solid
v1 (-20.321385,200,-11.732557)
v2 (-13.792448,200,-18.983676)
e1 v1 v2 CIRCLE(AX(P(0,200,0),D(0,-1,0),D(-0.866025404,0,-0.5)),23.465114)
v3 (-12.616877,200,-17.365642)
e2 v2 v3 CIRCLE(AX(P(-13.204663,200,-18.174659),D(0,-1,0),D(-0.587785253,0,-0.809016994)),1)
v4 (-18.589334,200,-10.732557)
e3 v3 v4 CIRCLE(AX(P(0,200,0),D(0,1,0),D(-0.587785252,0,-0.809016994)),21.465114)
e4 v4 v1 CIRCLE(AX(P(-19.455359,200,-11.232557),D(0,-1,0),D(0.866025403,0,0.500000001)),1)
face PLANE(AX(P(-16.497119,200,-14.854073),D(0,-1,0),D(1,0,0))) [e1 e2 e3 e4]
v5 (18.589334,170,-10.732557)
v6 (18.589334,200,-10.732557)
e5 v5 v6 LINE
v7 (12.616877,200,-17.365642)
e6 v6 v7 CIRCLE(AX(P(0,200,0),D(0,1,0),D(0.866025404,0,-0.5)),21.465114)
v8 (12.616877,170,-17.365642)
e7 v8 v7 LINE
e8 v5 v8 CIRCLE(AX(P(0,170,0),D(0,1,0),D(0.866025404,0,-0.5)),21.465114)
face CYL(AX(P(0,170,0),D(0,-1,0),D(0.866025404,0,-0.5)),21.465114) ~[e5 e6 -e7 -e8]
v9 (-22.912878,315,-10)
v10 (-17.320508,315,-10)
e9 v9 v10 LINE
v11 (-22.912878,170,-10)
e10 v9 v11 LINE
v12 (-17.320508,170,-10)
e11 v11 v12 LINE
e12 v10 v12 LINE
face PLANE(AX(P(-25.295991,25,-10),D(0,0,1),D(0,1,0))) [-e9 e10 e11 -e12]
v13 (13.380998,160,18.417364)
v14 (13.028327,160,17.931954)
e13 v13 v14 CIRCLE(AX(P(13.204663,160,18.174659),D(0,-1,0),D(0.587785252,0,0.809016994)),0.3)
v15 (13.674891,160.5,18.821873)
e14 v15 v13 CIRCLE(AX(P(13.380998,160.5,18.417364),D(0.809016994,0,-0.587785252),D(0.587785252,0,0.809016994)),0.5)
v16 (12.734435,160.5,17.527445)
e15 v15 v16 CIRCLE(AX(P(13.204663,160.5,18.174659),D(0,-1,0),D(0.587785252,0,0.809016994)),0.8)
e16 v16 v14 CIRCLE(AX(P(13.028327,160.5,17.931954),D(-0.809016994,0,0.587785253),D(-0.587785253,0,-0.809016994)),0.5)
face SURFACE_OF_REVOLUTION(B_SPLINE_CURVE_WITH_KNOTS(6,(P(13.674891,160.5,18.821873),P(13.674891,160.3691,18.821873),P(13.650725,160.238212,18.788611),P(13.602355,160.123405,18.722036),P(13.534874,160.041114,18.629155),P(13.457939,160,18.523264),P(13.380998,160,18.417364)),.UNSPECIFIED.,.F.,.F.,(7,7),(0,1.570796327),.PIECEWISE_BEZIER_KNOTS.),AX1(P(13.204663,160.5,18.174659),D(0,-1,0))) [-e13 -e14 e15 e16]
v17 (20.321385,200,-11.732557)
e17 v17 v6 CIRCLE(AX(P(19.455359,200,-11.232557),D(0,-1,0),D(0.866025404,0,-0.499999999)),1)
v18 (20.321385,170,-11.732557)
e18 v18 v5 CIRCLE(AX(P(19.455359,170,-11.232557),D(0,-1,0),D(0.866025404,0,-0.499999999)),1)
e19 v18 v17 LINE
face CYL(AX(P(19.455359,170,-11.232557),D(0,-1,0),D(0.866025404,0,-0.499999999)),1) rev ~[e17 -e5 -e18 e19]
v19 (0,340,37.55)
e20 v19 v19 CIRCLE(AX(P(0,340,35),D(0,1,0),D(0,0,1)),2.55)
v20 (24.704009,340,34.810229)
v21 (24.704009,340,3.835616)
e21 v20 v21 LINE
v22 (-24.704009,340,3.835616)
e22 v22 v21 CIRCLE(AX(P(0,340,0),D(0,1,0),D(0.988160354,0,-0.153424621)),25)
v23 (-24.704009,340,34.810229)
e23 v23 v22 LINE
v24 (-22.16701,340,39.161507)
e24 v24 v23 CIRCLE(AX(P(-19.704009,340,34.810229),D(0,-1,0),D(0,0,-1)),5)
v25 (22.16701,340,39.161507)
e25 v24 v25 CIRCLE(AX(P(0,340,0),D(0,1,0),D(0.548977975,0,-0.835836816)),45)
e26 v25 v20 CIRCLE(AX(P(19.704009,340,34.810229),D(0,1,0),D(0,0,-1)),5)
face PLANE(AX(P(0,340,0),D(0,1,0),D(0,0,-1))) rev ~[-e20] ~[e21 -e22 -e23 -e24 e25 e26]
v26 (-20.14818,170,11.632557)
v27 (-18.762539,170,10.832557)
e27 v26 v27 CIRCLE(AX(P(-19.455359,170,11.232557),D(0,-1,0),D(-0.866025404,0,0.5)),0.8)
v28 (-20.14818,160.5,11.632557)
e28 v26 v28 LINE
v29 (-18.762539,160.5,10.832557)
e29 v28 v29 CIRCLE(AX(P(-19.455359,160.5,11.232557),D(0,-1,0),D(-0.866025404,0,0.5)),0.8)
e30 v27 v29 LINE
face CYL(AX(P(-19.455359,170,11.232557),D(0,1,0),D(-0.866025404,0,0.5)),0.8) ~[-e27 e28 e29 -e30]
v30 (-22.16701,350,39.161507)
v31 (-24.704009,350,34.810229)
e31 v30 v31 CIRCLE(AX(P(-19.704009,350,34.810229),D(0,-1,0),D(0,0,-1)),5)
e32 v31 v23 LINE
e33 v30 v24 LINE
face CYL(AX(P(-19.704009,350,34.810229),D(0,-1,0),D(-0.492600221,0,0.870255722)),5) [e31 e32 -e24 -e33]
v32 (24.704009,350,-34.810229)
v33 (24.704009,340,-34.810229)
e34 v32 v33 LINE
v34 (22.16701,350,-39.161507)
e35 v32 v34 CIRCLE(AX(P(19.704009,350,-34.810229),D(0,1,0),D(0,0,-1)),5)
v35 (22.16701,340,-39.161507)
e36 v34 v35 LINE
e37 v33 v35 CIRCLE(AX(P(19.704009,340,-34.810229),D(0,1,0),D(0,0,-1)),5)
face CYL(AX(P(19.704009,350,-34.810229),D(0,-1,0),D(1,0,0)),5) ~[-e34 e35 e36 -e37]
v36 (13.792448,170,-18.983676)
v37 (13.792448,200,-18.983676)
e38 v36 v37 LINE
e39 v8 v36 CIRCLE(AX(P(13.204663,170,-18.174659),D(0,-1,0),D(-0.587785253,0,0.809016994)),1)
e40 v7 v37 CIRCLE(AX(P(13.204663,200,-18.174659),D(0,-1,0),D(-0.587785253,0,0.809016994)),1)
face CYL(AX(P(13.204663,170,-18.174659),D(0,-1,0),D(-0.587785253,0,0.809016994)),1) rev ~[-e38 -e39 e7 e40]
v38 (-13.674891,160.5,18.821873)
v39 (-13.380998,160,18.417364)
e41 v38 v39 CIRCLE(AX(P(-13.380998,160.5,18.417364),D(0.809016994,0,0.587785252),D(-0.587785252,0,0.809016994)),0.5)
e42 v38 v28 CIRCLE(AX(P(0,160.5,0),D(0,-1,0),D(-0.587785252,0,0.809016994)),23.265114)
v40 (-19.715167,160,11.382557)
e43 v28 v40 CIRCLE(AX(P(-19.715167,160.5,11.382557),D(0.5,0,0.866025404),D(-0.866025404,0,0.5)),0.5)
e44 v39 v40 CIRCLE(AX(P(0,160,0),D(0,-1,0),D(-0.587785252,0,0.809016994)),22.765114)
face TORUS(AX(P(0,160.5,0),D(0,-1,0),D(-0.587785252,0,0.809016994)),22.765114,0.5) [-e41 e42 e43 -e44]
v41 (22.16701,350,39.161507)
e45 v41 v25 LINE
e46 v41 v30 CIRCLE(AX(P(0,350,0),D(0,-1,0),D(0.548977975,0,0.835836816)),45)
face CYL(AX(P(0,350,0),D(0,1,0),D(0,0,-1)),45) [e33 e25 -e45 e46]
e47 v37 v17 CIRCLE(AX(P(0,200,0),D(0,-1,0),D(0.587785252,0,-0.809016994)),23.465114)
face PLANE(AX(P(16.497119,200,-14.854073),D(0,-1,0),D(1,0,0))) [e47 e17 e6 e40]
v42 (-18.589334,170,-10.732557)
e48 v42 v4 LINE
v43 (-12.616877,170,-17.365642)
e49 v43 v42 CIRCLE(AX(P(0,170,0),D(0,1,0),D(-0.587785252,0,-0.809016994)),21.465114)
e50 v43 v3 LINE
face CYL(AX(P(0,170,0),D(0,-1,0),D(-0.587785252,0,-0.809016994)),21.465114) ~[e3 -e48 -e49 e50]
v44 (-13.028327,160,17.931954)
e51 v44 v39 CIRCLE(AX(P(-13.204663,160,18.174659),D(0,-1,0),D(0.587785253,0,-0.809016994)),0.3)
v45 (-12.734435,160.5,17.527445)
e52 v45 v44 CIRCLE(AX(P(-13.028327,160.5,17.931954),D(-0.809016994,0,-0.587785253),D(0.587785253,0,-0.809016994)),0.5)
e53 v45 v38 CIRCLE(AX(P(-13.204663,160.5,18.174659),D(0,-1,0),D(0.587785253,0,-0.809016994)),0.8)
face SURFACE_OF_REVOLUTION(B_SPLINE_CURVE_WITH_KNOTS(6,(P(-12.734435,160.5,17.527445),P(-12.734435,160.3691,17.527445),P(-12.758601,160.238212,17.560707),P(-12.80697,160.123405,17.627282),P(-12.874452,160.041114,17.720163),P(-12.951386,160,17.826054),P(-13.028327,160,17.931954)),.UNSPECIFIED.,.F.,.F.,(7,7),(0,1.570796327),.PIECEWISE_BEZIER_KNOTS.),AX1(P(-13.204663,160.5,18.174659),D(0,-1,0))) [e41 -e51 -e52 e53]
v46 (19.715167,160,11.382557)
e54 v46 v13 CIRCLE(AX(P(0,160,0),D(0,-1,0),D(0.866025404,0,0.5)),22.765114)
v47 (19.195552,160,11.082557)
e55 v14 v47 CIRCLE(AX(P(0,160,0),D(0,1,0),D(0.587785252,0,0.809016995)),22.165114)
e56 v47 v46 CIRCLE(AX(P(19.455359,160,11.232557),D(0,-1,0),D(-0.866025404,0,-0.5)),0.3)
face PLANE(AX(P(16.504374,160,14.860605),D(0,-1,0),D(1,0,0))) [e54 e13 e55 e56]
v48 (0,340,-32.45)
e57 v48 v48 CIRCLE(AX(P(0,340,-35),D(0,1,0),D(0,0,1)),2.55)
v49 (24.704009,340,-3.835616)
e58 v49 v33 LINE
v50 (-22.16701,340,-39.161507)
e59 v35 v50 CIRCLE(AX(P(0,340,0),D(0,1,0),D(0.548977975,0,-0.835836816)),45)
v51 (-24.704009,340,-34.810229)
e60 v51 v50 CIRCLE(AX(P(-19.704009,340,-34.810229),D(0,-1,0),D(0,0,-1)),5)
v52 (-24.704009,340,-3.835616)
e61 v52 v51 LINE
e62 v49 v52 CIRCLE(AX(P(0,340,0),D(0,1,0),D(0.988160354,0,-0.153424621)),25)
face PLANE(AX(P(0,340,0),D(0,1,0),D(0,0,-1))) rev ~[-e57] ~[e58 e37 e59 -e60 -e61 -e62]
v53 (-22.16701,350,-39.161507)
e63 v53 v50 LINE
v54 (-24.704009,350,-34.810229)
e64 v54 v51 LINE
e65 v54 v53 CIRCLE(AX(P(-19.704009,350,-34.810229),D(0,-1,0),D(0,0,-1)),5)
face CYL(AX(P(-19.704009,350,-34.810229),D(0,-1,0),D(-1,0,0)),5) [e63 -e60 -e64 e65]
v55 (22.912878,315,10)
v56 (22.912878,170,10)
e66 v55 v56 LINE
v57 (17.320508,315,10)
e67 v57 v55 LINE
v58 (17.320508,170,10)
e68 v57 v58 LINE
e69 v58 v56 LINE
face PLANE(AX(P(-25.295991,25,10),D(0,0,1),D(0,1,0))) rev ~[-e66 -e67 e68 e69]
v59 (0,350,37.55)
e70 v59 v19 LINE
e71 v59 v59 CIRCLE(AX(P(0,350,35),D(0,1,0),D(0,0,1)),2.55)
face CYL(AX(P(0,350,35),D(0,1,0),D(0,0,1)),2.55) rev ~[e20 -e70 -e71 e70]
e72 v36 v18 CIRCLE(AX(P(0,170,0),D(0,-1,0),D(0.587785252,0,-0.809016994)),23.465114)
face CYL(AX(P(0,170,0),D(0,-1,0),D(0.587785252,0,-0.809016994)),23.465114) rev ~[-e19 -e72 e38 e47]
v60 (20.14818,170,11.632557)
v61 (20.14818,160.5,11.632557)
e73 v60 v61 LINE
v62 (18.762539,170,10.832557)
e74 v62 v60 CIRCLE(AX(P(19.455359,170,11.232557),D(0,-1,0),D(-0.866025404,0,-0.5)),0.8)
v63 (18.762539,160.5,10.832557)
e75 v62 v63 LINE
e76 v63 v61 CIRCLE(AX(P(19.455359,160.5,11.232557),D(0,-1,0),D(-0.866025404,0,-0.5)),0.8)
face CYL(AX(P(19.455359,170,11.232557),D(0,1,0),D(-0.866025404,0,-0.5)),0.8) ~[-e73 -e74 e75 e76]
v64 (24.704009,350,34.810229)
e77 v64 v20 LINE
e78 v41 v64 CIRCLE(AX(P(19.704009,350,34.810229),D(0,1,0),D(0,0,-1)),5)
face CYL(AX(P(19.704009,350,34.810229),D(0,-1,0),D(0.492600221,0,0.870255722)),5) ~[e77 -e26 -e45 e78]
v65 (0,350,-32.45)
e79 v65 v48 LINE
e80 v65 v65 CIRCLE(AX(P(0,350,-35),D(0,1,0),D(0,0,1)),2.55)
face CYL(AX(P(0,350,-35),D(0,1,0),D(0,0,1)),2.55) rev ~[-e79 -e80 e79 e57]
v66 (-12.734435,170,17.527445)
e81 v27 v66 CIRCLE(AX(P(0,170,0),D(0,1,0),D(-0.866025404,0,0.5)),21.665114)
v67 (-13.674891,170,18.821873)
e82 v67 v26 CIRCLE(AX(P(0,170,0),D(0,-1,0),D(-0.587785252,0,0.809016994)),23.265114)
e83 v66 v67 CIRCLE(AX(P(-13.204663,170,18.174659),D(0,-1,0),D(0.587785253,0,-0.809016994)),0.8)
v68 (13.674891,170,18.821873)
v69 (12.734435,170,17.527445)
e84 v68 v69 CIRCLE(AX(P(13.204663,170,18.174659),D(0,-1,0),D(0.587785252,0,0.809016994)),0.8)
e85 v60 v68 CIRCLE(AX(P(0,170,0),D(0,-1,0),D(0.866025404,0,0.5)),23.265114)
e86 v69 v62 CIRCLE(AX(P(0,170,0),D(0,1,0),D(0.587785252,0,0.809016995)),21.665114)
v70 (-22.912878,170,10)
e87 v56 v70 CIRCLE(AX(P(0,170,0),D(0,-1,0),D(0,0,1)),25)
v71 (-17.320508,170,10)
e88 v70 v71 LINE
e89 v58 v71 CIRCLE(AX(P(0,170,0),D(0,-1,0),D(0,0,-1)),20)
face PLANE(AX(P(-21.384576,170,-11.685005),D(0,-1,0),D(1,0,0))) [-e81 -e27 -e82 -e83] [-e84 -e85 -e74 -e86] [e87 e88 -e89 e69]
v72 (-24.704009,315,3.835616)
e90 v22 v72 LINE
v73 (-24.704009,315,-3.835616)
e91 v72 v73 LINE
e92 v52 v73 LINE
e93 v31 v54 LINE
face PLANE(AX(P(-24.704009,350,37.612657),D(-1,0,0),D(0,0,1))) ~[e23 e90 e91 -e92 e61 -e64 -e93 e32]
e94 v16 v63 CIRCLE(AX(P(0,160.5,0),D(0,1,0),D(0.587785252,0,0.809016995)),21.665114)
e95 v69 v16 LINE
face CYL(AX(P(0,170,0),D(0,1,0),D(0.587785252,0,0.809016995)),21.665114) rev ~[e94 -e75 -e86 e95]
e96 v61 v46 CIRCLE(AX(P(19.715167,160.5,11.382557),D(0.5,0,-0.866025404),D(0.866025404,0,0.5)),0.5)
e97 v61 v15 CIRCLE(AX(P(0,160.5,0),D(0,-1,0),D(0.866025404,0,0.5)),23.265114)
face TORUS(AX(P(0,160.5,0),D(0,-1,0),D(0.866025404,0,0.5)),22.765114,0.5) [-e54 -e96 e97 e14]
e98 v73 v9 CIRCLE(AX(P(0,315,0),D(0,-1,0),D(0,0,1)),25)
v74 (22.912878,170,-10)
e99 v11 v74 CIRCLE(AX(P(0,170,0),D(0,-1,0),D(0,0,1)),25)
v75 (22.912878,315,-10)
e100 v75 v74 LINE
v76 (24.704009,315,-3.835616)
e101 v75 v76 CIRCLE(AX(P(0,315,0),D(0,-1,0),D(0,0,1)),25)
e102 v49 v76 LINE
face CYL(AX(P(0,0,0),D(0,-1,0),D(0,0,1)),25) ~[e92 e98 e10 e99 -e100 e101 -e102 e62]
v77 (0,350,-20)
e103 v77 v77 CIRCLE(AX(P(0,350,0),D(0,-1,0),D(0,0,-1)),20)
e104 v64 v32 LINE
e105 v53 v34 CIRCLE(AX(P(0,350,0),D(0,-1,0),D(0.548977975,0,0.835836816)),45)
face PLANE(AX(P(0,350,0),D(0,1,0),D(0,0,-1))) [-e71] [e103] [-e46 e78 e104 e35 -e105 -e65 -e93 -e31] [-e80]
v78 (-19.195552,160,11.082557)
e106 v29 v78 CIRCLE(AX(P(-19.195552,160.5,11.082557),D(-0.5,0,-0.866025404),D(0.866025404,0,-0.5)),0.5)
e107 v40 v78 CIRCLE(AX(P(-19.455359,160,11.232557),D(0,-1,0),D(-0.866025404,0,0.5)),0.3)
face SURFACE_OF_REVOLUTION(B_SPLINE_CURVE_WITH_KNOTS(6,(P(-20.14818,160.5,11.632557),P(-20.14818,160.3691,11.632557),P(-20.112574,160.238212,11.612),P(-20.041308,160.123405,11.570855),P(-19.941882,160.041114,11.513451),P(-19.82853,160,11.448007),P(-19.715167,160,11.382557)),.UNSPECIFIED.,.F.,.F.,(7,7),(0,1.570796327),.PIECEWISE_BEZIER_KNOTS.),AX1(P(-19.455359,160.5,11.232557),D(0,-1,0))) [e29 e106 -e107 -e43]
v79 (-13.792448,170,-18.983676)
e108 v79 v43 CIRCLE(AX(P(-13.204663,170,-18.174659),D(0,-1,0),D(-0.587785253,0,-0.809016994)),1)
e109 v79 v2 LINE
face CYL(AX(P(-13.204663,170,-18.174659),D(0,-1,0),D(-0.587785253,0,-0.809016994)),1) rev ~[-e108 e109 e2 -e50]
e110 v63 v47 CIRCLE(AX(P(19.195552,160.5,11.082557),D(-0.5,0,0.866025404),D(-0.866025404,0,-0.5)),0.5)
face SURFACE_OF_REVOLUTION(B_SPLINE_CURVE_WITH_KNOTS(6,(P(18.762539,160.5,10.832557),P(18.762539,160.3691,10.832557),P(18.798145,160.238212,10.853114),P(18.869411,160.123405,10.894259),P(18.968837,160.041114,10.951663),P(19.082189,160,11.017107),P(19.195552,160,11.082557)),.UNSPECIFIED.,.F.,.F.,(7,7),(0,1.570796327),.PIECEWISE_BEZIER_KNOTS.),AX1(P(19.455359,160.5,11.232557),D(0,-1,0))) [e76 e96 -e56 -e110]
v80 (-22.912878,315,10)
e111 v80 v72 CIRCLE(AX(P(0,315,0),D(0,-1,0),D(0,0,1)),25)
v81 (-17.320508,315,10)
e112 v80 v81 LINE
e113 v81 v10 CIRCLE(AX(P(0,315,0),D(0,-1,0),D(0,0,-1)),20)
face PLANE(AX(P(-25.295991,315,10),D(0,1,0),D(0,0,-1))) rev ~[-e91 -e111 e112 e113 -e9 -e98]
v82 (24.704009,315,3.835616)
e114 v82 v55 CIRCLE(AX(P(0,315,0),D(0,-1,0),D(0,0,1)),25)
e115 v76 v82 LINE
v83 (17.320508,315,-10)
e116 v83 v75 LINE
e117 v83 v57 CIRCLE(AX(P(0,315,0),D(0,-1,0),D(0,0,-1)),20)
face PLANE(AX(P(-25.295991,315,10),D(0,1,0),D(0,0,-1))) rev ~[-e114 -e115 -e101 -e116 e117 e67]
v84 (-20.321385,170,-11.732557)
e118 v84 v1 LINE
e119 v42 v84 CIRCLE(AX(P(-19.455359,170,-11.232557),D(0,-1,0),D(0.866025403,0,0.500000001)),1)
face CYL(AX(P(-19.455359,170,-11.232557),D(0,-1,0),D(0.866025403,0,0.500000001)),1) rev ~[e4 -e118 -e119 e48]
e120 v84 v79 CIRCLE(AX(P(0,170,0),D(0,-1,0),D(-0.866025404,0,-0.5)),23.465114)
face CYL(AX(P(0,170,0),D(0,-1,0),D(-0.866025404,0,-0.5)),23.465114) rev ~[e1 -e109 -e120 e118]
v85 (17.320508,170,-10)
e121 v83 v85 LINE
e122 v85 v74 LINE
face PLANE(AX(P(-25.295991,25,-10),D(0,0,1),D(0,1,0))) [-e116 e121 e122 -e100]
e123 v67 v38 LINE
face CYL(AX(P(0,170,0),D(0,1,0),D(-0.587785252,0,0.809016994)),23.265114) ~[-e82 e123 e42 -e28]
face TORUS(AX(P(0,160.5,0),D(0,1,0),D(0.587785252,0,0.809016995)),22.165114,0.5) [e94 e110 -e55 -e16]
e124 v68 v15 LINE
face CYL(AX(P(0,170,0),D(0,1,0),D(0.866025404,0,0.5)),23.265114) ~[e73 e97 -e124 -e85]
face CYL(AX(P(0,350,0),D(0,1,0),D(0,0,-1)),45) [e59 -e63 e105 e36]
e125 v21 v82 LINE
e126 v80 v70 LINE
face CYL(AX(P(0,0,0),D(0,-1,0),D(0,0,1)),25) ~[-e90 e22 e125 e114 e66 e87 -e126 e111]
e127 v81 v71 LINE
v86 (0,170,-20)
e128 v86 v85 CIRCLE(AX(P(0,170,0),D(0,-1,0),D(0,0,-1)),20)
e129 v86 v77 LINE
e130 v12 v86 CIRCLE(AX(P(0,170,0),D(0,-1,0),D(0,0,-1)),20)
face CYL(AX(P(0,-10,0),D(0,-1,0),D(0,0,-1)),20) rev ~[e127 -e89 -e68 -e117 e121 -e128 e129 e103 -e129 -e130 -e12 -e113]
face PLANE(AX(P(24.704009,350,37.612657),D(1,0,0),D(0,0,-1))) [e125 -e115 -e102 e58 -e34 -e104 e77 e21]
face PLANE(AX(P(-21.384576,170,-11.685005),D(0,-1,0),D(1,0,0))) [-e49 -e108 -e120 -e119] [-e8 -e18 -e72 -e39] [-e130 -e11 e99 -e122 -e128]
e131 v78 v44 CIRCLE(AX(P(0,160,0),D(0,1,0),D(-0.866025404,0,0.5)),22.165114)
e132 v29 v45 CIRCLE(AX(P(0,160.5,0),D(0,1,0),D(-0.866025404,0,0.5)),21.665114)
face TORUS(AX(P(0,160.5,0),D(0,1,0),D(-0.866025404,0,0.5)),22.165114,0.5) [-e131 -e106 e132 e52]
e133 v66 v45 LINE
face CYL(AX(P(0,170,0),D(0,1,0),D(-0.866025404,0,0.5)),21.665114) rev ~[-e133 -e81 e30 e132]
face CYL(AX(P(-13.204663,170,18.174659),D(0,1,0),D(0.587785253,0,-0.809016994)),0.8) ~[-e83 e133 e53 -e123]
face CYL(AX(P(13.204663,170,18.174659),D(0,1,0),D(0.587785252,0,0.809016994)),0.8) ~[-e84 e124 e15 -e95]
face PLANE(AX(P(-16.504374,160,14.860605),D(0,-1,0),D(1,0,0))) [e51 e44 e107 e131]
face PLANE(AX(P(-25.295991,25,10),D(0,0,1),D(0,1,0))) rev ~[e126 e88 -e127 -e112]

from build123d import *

# Parameters (mm, degrees)
SKETCH_3_R          = 25
EXTRUDE_1_DEPTH     = 340
SKETCH_6_R          = 45
EXTRUDE_2_DEPTH     = 10
EXTRUDE_START       = 10
SKETCH_7_R          = 45
EXTRUDE_3_DEPTH     = 10
SKETCH_4_R          = 20
CUT_EXTRUDE_1_DEPTH = 366.581728209
SKETCH_8_W          = 40.591982286
SKETCH_8_H          = 75.225313462
CUT_EXTRUDE_2_DEPTH = 366.581728209
SKETCH_9_W          = 20
SKETCH_9_H          = 290
CUT_EXTRUDE_3_DEPTH = 357.405667744
M6X1_0_1_D          = 5
FILLET_1_R          = 5
SKETCH_12_R         = 2.55
CUT_EXTRUDE_4_DEPTH = 364.641702853
SKETCH_13_W         = 245.746793121
SKETCH_13_H         = 335.021693113
CUT_EXTRUDE_5_DEPTH = 180
CUT_EXTRUDE_7_DEPTH = 30
EXTRUDE_4_DEPTH     = 10
FILLET_5_R          = 0.5
FILLET_6_R          = 0.5


with BuildPart() as part:
    # 草图3 → 凸台-拉伸1 (new body)
    with BuildSketch(Plane(origin=(0, 0, 0), x_dir=(1, 0, 0), z_dir=(0, 1, 0))):
        with Locations(Location((0, 0, 0), (0, 0, 270))):
            Circle(SKETCH_3_R)
    extrude(amount=EXTRUDE_1_DEPTH)

    # 草图6 → 凸台-拉伸2 (add)
    with BuildSketch(Plane.XZ):
        with Locations(Location((0, 0, 0), (0, 0, 270))):
            Circle(SKETCH_6_R)
    extrude(amount=EXTRUDE_2_DEPTH)

    # 草图7 → 凸台-拉伸3 (add)
    with BuildSketch(Plane(origin=(0, 340, 0), x_dir=(1, 0, 0), z_dir=(0, 1, 0)).offset(EXTRUDE_START)):
        with Locations(Location((0, 0, 0), (0, 0, 90))):
            Circle(SKETCH_7_R)
    extrude(amount=-EXTRUDE_3_DEPTH)

    # 草图4 → 切除-拉伸1 (cut, through all)
    with BuildSketch(Plane.XZ.offset(10)):
        with Locations(Location((0, 0, 0), (0, 0, 270))):
            Circle(SKETCH_4_R)
    extrude(amount=-CUT_EXTRUDE_1_DEPTH, mode=Mode.SUBTRACT)

    # 草图8 → 切除-拉伸2 (cut, through all)
    with BuildSketch(Plane(origin=(0, 350, 0), x_dir=(1, 0, 0), z_dir=(0, 1, 0))):
        with Locations((45, 0)):
            Rectangle(SKETCH_8_W, SKETCH_8_H)
    cut_extrude_2 = extrude(amount=-CUT_EXTRUDE_2_DEPTH, mode=Mode.SUBTRACT)

    # 草图9 → 切除-拉伸3 (cut, through all)
    with BuildSketch(Plane(origin=(-25.295991143, 0, 0), x_dir=(0, 0, -1), z_dir=(1, 0, 0))):
        with Locations((0, 170)):
            Rectangle(SKETCH_9_W, SKETCH_9_H)
    extrude(amount=CUT_EXTRUDE_3_DEPTH, mode=Mode.SUBTRACT)

    # M6x1.0 螺纹孔1 (through all)
    with Locations(Plane(origin=(0, 350, 0), x_dir=(1, 0, 0), z_dir=(0, 1, 0))):
        with Locations((0, -35), (0, 35)):
            Hole(M6X1_0_1_D / 2)

    # 镜向1: 切除-拉伸2 across plane
    add(cut_extrude_2.mirror(Plane(origin=(0, 0, 0), x_dir=(0, 0, 1), z_dir=(1, 0, 0))), mode=Mode.SUBTRACT)

    # 圆角1
    fillet_1_edges = [part.edges().sort_by_distance(p)[0] for p in [
        (-24.704008857, -5, -37.612656731),
        (-24.704008857, 345, -37.612656731),
        (-24.704008857, -5, 37.612656731),
        (-24.704008857, 345, 37.612656731),
        (24.704008857, -5, 37.612656731),
        (24.704008857, 345, 37.612656731),
        (24.704008857, -5, -37.612656731),
        (24.704008857, 345, -37.612656731),
    ]]
    fillet(fillet_1_edges, radius=FILLET_1_R)

    # 草图12 → 切除-拉伸4 (cut, through all)
    with BuildSketch(Plane(origin=(0, 350, 0), x_dir=(1, 0, 0), z_dir=(0, 1, 0))):
        with Locations(Location((0, 35, 0), (0, 0, 270))):
            Circle(SKETCH_12_R)
        with Locations(Location((0, -35, 0), (0, 0, 270))):
            Circle(SKETCH_12_R)
    extrude(amount=-CUT_EXTRUDE_4_DEPTH, mode=Mode.SUBTRACT)

    # 草图13 → 切除-拉伸5 (cut)
    with BuildSketch(Plane.XZ.offset(10)):
        with Locations((-21.384575648, -11.685004811)):
            Rectangle(SKETCH_13_W, SKETCH_13_H)
    extrude(amount=-CUT_EXTRUDE_5_DEPTH, mode=Mode.SUBTRACT)

    # 草图16 → 切除-拉伸7 (cut)
    with BuildSketch(Plane.XZ.offset(-170)):
        with BuildLine():
            ThreePointArc((-20.321384852, -11.732557014), (-17.43797807, -15.701225978), (-13.79244797, -18.983676024))
            ThreePointArc((-13.79244797, -18.983676024), (-12.395645723, -18.762444282), (-12.616877465, -17.365642036))
            ThreePointArc((-12.616877465, -17.365642036), (-15.951688419, -14.362964766), (-18.589334044, -10.732557014))
            ThreePointArc((-18.589334044, -10.732557014), (-19.955359448, -10.366531611), (-20.321384852, -11.732557014))
        make_face()
        with BuildLine():
            ThreePointArc((13.79244797, -18.983676024), (17.43797807, -15.701225978), (20.321384852, -11.732557014))
            ThreePointArc((20.321384852, -11.732557014), (19.955359448, -10.366531611), (18.589334044, -10.732557014))
            ThreePointArc((18.589334044, -10.732557014), (15.951688419, -14.362964766), (12.616877465, -17.365642036))
            ThreePointArc((12.616877465, -17.365642036), (12.395645723, -18.762444282), (13.79244797, -18.983676024))
        make_face()
    extrude(amount=-CUT_EXTRUDE_7_DEPTH, mode=Mode.SUBTRACT)

    # 草图17 → 凸台-拉伸4 (add)
    with BuildSketch(Plane.XZ.offset(-170)):
        with BuildLine():
            ThreePointArc((20.148179771, 11.632557014), (17.289349105, 15.567399857), (13.674890919, 18.821872625))
            ThreePointArc((13.674890919, 18.821872625), (12.557449122, 18.644887232), (12.734434515, 17.527445434))
            ThreePointArc((12.734434515, 17.527445434), (16.100317384, 14.496790887), (18.762539125, 10.832557014))
            ThreePointArc((18.762539125, 10.832557014), (19.855359448, 10.539736691), (20.148179771, 11.632557014))
        make_face()
        with BuildLine():
            ThreePointArc((-13.674890919, 18.821872625), (-17.289349105, 15.567399857), (-20.148179771, 11.632557014))
            ThreePointArc((-20.148179771, 11.632557014), (-19.855359448, 10.539736691), (-18.762539125, 10.832557014))
            ThreePointArc((-18.762539125, 10.832557014), (-16.100317384, 14.496790887), (-12.734434515, 17.527445434))
            ThreePointArc((-12.734434515, 17.527445434), (-12.557449122, 18.644887232), (-13.674890919, 18.821872625))
        make_face()
    extrude(amount=EXTRUDE_4_DEPTH)

    # 圆角5
    fillet_5_edges = [part.edges().sort_by_distance(p)[0] for p in [
        (-12.557449122, 160, 18.644887232),
        (-17.289349105, 160, 15.567399857),
        (-19.855359448, 160, 10.539736691),
        (-16.100317384, 160, 14.496790887),
    ]]
    fillet(fillet_5_edges, radius=FILLET_5_R)

    # 圆角6
    fillet_6_edges = [part.edges().sort_by_distance(p)[0] for p in [
        (19.855359448, 160, 10.539736691),
        (17.289349105, 160, 15.567399857),
        (12.557449122, 160, 18.644887232),
        (16.100317384, 160, 14.496790887),
    ]]
    fillet(fillet_6_edges, radius=FILLET_6_R)


solid = part.part
